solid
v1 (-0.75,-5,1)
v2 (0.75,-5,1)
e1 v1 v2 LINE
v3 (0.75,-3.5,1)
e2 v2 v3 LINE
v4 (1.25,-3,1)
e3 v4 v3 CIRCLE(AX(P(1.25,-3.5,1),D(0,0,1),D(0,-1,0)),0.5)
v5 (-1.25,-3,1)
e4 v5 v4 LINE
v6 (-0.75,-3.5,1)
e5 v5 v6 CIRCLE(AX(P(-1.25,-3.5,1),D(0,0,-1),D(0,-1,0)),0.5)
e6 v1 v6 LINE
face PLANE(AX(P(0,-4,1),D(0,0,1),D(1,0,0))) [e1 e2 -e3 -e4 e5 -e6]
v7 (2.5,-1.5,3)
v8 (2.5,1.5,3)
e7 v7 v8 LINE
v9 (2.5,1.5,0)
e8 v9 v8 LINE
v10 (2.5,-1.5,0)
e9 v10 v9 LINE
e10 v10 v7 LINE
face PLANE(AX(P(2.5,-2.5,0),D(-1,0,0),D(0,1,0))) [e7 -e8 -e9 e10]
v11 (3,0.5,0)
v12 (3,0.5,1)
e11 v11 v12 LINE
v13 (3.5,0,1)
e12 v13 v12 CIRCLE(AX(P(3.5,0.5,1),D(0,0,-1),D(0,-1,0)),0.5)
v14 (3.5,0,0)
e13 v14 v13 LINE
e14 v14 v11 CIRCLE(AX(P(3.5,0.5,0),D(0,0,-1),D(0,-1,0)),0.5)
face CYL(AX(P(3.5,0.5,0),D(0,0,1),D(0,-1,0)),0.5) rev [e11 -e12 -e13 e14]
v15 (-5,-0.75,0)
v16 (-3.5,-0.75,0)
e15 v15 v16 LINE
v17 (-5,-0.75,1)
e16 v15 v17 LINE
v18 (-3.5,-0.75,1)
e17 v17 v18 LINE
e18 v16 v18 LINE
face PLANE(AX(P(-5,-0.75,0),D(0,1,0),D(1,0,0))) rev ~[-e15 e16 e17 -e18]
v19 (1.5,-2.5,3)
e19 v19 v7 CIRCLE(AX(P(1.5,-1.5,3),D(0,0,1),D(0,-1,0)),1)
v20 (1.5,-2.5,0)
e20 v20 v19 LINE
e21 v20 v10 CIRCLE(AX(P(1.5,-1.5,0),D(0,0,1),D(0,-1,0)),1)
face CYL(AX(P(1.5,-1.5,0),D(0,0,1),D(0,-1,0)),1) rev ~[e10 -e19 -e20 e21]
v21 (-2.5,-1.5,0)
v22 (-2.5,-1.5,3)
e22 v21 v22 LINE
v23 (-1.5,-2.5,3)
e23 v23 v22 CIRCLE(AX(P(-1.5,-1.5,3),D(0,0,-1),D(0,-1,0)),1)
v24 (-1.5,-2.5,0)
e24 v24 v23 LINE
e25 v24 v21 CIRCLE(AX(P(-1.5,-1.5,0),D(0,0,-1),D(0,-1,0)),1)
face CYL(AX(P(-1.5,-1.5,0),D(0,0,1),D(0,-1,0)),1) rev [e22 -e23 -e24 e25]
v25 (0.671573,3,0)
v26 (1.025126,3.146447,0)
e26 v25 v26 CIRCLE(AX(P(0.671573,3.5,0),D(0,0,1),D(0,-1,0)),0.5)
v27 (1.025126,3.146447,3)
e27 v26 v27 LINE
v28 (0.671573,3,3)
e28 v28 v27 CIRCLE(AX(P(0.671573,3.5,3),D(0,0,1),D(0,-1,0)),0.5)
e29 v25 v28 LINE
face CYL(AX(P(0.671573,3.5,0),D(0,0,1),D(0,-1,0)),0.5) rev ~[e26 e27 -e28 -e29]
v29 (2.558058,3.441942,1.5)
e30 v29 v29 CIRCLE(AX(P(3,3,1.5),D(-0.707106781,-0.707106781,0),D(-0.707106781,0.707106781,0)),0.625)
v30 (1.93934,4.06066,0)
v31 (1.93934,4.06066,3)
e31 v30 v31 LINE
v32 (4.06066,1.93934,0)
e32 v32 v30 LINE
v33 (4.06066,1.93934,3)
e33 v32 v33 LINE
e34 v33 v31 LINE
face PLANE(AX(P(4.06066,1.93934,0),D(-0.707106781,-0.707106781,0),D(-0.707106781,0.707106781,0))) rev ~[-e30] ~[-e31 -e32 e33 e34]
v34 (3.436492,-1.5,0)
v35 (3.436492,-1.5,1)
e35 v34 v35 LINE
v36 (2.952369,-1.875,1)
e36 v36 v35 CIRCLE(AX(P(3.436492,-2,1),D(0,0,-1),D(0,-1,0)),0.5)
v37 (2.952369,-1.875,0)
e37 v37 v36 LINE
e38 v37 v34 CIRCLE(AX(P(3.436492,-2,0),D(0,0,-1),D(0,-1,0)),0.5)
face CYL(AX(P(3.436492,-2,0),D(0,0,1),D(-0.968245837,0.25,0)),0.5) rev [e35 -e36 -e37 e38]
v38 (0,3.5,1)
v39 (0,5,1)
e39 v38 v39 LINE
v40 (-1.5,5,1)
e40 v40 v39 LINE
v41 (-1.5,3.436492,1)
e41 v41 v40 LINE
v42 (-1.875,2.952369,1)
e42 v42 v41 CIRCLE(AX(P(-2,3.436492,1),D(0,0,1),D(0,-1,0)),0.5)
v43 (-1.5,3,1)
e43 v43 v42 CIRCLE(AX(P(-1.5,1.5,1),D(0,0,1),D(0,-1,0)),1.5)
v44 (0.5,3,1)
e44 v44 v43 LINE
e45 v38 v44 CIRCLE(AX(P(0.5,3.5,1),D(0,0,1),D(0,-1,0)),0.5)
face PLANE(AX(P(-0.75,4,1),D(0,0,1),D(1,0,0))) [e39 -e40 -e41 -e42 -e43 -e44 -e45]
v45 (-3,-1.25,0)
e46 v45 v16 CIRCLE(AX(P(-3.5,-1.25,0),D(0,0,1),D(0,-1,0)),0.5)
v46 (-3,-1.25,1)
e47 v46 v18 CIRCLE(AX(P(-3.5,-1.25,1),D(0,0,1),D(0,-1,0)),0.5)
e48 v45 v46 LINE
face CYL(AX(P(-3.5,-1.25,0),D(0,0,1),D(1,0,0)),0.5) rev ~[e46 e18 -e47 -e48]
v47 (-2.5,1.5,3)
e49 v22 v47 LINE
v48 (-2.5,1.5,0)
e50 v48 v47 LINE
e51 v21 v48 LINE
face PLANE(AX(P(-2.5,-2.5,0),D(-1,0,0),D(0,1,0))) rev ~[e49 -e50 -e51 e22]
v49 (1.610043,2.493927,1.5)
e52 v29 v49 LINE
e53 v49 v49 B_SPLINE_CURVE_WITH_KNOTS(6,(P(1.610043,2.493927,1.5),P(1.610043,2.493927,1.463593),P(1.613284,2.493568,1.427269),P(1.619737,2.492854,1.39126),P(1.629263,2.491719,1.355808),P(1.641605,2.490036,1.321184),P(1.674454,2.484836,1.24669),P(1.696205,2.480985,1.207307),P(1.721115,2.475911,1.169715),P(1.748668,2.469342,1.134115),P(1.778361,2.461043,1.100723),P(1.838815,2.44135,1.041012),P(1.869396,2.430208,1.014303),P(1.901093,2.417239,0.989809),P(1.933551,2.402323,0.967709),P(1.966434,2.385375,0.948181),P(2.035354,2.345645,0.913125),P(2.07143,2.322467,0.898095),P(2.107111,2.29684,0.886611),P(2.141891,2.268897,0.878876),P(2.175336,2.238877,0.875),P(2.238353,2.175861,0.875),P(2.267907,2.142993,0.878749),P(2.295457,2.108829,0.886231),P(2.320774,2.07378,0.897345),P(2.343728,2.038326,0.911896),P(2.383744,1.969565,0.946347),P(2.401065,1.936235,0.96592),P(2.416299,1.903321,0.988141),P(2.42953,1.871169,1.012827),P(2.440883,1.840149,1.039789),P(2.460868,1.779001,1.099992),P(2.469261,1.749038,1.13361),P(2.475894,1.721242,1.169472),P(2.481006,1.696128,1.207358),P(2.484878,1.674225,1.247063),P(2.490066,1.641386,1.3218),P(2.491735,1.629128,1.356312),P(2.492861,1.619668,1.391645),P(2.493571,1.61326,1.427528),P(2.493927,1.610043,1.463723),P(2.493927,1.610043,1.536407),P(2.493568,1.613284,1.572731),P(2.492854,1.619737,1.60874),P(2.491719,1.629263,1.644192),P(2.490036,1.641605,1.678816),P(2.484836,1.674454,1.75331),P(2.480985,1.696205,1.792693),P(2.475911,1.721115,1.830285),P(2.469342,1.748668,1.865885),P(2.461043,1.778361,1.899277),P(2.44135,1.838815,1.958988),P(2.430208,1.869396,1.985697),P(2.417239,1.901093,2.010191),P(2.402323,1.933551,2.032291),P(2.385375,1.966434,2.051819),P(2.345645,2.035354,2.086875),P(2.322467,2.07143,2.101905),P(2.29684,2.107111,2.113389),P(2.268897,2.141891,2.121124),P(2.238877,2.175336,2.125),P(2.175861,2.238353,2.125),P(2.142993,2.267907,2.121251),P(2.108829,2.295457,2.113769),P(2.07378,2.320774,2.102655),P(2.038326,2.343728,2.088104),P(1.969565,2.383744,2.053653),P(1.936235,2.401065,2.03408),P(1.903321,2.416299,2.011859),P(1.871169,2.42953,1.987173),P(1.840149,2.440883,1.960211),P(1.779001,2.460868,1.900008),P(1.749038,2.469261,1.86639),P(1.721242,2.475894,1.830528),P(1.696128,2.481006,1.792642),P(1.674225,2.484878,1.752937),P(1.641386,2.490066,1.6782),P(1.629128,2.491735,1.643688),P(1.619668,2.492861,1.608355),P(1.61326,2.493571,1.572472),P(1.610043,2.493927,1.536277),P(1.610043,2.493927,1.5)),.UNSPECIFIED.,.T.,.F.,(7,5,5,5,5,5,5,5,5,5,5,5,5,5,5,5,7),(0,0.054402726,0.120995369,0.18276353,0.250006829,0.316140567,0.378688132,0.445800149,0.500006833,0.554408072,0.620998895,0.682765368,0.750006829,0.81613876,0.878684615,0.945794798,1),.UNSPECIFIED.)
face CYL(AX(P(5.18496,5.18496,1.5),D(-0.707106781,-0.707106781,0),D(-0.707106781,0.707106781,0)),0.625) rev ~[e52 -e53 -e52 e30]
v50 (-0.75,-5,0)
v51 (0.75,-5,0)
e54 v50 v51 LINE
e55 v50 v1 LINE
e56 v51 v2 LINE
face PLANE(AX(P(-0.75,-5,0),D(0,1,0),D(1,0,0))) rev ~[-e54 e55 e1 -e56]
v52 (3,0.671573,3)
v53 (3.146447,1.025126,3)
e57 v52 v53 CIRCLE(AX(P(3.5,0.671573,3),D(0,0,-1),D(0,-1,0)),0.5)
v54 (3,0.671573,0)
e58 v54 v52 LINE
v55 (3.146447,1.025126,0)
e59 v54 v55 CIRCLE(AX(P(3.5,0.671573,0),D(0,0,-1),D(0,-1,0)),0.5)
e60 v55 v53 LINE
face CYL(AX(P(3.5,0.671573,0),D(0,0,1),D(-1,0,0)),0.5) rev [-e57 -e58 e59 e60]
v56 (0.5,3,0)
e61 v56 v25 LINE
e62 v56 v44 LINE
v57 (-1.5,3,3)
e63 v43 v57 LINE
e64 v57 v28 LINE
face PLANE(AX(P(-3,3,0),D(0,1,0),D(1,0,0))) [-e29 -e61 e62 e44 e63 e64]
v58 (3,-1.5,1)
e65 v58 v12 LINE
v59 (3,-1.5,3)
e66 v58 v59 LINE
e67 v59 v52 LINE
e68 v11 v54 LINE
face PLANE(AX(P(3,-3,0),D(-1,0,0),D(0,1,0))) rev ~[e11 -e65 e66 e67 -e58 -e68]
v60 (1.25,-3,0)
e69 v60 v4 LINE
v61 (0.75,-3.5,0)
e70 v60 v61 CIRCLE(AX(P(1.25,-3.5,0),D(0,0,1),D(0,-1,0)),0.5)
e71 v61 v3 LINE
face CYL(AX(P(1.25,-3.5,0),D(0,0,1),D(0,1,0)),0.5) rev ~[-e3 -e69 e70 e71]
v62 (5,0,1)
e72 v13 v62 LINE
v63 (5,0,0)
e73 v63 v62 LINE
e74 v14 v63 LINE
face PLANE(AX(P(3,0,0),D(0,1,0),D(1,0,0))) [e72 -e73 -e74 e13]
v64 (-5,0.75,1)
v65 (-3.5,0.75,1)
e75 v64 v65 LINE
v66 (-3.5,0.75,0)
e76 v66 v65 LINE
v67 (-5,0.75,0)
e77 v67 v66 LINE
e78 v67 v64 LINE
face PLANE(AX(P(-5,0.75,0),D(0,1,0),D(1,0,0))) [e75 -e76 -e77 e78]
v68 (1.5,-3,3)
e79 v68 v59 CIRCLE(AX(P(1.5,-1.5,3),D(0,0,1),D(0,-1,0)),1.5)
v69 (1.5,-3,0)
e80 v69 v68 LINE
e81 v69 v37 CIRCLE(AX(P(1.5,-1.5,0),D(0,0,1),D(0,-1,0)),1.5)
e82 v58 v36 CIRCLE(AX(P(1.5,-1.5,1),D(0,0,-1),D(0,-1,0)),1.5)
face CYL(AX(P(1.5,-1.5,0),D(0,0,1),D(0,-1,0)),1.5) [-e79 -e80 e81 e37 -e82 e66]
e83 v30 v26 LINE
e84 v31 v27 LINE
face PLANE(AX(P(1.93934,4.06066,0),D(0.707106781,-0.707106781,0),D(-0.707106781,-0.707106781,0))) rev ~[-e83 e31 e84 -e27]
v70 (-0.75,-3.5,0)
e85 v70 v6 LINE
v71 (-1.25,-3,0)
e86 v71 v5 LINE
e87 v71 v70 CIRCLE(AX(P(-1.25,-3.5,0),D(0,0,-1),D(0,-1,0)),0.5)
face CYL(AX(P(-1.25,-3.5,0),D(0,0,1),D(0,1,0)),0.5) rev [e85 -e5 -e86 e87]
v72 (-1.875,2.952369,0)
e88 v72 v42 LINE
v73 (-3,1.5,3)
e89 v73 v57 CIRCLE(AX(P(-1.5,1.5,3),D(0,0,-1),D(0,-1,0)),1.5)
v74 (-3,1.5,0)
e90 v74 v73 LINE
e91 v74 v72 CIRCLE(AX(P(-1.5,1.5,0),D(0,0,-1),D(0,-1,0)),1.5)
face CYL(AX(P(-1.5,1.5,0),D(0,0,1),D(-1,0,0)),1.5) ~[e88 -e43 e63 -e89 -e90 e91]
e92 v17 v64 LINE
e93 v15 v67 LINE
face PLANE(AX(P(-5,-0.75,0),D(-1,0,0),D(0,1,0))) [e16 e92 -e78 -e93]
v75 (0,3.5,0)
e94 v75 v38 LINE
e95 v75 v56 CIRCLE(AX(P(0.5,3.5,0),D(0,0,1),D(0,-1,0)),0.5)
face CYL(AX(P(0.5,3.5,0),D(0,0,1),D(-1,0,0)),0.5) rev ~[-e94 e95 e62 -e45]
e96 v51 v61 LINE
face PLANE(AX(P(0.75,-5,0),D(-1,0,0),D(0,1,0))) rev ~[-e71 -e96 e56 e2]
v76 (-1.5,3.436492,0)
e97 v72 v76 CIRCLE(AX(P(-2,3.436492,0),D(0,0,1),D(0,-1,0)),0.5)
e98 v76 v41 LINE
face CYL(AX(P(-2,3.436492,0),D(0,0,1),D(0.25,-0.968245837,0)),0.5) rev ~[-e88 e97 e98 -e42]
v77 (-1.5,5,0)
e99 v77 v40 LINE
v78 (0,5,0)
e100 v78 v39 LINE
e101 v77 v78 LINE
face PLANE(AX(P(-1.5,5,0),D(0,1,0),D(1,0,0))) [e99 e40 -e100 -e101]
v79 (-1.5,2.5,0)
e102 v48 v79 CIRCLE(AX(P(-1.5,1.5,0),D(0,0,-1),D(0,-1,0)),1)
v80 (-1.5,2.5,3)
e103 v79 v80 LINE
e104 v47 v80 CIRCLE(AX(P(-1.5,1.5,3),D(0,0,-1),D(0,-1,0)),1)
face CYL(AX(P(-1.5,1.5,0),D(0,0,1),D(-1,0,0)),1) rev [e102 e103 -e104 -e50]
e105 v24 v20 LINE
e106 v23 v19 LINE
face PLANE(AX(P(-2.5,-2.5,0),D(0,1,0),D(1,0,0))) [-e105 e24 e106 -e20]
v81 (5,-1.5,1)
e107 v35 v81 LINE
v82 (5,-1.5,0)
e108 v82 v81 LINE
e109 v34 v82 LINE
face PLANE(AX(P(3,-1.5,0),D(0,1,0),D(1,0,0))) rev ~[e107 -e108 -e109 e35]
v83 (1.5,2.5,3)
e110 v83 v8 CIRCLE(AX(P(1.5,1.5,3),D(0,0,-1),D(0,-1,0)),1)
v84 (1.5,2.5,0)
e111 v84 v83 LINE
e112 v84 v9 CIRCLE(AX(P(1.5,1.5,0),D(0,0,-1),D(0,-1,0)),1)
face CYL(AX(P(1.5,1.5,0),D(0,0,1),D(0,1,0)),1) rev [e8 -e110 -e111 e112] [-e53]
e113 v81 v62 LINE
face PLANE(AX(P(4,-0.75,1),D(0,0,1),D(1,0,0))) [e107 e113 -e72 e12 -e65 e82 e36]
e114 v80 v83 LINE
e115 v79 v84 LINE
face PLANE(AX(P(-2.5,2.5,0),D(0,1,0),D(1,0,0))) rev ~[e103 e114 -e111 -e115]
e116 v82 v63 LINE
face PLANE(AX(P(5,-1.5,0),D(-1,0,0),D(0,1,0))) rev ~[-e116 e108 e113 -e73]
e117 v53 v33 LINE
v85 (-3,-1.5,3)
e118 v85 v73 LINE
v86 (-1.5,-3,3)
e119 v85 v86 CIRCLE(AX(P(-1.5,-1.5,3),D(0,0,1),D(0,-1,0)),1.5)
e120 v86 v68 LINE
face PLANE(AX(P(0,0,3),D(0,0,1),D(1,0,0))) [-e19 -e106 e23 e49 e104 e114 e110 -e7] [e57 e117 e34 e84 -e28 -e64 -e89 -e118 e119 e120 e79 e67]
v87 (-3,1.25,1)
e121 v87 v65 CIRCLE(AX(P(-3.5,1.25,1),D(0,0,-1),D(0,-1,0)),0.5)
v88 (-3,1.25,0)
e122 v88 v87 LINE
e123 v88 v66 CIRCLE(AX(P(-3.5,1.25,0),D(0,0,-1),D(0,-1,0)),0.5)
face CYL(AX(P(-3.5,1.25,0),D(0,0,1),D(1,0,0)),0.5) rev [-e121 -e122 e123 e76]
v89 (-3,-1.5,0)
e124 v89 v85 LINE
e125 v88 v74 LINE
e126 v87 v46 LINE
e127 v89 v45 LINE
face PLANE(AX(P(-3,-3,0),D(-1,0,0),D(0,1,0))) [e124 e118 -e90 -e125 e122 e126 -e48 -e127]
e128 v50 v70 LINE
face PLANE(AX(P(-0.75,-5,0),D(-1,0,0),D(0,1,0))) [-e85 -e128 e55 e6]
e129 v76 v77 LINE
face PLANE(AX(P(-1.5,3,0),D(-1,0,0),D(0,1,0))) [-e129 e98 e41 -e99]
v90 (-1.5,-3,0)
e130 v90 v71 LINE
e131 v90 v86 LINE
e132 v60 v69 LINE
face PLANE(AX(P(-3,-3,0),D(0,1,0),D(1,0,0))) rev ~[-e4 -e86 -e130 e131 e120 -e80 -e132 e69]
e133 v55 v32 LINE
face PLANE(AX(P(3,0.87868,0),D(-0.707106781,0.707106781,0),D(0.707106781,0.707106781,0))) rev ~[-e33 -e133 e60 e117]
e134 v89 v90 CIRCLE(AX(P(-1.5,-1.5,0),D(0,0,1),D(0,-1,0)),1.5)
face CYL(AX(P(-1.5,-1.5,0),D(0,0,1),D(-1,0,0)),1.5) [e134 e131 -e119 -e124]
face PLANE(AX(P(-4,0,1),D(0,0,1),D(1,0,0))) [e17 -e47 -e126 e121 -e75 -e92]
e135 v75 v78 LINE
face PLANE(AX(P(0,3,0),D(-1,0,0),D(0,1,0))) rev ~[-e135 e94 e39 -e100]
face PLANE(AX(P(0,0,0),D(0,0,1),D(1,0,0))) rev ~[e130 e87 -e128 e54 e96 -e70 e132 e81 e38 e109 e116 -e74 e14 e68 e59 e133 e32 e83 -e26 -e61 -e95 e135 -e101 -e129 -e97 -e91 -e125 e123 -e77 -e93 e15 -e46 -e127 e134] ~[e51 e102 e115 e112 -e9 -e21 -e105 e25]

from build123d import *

# Parameters (mm, degrees)
SKIZZE1_W                       = 6
SKIZZE1_H                       = 6
SKIZZE1_W_2                     = 5
SKIZZE1_H_2                     = 5
AUFSATZ_LINEAR_AUSTRAGEN1_DEPTH = 3
VERRUNDUNG1_R                   = 1
SKIZZE2_W                       = 1.5
SKIZZE2_H                       = 2
SKIZZE2_W_2                     = 2
SKIZZE2_H_2                     = 1.5
AUFSATZ_LINEAR_AUSTRAGEN2_DEPTH = 1
VERRUNDUNG2_R                   = 1.5
VERRUNDUNG3_R                   = 0.5
M1_6_GEWINDEBOHRUNG5_D          = 1.25
M1_6_GEWINDEBOHRUNG5_DEPTH      = 3.09
M1_6_GEWINDEBOHRUNG5_TIP        = 0.625


with BuildPart() as part:
    # Skizze1 → Aufsatz-Linear austragen1 (new body)
    with BuildSketch(Plane.XY):
        Rectangle(SKIZZE1_W, SKIZZE1_H)
        Rectangle(SKIZZE1_W_2, SKIZZE1_H_2, mode=Mode.SUBTRACT)
        Polygon((1.939339828, 4.060660172), (0.878679656, 3), (3, 3), align=None)
        Polygon((4.060660172, 1.939339828), (3, 3), (3, 0.878679656), align=None)
    extrude(amount=AUFSATZ_LINEAR_AUSTRAGEN1_DEPTH)

    # Verrundung1
    verrundung1_edges = [part.edges().sort_by_distance(p)[0] for p in [
        (-2.5, 2.5, 1.5),
        (-2.5, -2.5, 1.5),
        (2.5, -2.5, 1.5),
        (2.5, 2.5, 1.5),
    ]]
    fillet(verrundung1_edges, radius=VERRUNDUNG1_R)

    # Skizze2 → Aufsatz-Linear austragen2 (add)
    with BuildSketch(Plane.XY):
        with Locations((-0.75, 4)):
            Rectangle(SKIZZE2_W, SKIZZE2_H)
        with Locations((0, -4)):
            Rectangle(SKIZZE2_W, SKIZZE2_H)
        with Locations((-4, 0)):
            Rectangle(SKIZZE2_W_2, SKIZZE2_H_2)
        with Locations((4, -0.75)):
            Rectangle(SKIZZE2_W_2, SKIZZE2_H_2)
    extrude(amount=AUFSATZ_LINEAR_AUSTRAGEN2_DEPTH)

    # Verrundung2
    verrundung2_edges = [part.edges().sort_by_distance(p)[0] for p in [
        (3, -3, 1.5),
        (-3, -3, 1.5),
        (-3, 3, 1.5),
    ]]
    fillet(verrundung2_edges, radius=VERRUNDUNG2_R)

    # Verrundung3
    verrundung3_edges = [part.edges().sort_by_distance(p)[0] for p in [
        (3, 0, 0.5),
        (3, -1.5, 0.5),
        (0.878679656, 3, 1.5),
        (3, 0.878679656, 1.5),
        (-1.5, 3, 0.5),
        (0, 3, 0.5),
        (0.75, -3, 0.5),
        (-0.75, -3, 0.5),
        (-3, -0.75, 0.5),
        (-3, 0.75, 0.5),
    ]]
    fillet(verrundung3_edges, radius=VERRUNDUNG3_R)

    # M1.6 Gewindebohrung5
    with Locations(Plane(origin=(3, 3, 0), x_dir=(0.707106781, -0.707106781, 0), z_dir=(0.707106781, 0.707106781, 0))):
        with Locations((0, -1.5)):
            Hole(M1_6_GEWINDEBOHRUNG5_D / 2, depth=M1_6_GEWINDEBOHRUNG5_DEPTH)
            with Locations((0, 0, -(M1_6_GEWINDEBOHRUNG5_DEPTH + M1_6_GEWINDEBOHRUNG5_TIP / 2))):  # 90° drill point
                Cone(0, M1_6_GEWINDEBOHRUNG5_D / 2, M1_6_GEWINDEBOHRUNG5_TIP, mode=Mode.SUBTRACT)


solid = part.part
